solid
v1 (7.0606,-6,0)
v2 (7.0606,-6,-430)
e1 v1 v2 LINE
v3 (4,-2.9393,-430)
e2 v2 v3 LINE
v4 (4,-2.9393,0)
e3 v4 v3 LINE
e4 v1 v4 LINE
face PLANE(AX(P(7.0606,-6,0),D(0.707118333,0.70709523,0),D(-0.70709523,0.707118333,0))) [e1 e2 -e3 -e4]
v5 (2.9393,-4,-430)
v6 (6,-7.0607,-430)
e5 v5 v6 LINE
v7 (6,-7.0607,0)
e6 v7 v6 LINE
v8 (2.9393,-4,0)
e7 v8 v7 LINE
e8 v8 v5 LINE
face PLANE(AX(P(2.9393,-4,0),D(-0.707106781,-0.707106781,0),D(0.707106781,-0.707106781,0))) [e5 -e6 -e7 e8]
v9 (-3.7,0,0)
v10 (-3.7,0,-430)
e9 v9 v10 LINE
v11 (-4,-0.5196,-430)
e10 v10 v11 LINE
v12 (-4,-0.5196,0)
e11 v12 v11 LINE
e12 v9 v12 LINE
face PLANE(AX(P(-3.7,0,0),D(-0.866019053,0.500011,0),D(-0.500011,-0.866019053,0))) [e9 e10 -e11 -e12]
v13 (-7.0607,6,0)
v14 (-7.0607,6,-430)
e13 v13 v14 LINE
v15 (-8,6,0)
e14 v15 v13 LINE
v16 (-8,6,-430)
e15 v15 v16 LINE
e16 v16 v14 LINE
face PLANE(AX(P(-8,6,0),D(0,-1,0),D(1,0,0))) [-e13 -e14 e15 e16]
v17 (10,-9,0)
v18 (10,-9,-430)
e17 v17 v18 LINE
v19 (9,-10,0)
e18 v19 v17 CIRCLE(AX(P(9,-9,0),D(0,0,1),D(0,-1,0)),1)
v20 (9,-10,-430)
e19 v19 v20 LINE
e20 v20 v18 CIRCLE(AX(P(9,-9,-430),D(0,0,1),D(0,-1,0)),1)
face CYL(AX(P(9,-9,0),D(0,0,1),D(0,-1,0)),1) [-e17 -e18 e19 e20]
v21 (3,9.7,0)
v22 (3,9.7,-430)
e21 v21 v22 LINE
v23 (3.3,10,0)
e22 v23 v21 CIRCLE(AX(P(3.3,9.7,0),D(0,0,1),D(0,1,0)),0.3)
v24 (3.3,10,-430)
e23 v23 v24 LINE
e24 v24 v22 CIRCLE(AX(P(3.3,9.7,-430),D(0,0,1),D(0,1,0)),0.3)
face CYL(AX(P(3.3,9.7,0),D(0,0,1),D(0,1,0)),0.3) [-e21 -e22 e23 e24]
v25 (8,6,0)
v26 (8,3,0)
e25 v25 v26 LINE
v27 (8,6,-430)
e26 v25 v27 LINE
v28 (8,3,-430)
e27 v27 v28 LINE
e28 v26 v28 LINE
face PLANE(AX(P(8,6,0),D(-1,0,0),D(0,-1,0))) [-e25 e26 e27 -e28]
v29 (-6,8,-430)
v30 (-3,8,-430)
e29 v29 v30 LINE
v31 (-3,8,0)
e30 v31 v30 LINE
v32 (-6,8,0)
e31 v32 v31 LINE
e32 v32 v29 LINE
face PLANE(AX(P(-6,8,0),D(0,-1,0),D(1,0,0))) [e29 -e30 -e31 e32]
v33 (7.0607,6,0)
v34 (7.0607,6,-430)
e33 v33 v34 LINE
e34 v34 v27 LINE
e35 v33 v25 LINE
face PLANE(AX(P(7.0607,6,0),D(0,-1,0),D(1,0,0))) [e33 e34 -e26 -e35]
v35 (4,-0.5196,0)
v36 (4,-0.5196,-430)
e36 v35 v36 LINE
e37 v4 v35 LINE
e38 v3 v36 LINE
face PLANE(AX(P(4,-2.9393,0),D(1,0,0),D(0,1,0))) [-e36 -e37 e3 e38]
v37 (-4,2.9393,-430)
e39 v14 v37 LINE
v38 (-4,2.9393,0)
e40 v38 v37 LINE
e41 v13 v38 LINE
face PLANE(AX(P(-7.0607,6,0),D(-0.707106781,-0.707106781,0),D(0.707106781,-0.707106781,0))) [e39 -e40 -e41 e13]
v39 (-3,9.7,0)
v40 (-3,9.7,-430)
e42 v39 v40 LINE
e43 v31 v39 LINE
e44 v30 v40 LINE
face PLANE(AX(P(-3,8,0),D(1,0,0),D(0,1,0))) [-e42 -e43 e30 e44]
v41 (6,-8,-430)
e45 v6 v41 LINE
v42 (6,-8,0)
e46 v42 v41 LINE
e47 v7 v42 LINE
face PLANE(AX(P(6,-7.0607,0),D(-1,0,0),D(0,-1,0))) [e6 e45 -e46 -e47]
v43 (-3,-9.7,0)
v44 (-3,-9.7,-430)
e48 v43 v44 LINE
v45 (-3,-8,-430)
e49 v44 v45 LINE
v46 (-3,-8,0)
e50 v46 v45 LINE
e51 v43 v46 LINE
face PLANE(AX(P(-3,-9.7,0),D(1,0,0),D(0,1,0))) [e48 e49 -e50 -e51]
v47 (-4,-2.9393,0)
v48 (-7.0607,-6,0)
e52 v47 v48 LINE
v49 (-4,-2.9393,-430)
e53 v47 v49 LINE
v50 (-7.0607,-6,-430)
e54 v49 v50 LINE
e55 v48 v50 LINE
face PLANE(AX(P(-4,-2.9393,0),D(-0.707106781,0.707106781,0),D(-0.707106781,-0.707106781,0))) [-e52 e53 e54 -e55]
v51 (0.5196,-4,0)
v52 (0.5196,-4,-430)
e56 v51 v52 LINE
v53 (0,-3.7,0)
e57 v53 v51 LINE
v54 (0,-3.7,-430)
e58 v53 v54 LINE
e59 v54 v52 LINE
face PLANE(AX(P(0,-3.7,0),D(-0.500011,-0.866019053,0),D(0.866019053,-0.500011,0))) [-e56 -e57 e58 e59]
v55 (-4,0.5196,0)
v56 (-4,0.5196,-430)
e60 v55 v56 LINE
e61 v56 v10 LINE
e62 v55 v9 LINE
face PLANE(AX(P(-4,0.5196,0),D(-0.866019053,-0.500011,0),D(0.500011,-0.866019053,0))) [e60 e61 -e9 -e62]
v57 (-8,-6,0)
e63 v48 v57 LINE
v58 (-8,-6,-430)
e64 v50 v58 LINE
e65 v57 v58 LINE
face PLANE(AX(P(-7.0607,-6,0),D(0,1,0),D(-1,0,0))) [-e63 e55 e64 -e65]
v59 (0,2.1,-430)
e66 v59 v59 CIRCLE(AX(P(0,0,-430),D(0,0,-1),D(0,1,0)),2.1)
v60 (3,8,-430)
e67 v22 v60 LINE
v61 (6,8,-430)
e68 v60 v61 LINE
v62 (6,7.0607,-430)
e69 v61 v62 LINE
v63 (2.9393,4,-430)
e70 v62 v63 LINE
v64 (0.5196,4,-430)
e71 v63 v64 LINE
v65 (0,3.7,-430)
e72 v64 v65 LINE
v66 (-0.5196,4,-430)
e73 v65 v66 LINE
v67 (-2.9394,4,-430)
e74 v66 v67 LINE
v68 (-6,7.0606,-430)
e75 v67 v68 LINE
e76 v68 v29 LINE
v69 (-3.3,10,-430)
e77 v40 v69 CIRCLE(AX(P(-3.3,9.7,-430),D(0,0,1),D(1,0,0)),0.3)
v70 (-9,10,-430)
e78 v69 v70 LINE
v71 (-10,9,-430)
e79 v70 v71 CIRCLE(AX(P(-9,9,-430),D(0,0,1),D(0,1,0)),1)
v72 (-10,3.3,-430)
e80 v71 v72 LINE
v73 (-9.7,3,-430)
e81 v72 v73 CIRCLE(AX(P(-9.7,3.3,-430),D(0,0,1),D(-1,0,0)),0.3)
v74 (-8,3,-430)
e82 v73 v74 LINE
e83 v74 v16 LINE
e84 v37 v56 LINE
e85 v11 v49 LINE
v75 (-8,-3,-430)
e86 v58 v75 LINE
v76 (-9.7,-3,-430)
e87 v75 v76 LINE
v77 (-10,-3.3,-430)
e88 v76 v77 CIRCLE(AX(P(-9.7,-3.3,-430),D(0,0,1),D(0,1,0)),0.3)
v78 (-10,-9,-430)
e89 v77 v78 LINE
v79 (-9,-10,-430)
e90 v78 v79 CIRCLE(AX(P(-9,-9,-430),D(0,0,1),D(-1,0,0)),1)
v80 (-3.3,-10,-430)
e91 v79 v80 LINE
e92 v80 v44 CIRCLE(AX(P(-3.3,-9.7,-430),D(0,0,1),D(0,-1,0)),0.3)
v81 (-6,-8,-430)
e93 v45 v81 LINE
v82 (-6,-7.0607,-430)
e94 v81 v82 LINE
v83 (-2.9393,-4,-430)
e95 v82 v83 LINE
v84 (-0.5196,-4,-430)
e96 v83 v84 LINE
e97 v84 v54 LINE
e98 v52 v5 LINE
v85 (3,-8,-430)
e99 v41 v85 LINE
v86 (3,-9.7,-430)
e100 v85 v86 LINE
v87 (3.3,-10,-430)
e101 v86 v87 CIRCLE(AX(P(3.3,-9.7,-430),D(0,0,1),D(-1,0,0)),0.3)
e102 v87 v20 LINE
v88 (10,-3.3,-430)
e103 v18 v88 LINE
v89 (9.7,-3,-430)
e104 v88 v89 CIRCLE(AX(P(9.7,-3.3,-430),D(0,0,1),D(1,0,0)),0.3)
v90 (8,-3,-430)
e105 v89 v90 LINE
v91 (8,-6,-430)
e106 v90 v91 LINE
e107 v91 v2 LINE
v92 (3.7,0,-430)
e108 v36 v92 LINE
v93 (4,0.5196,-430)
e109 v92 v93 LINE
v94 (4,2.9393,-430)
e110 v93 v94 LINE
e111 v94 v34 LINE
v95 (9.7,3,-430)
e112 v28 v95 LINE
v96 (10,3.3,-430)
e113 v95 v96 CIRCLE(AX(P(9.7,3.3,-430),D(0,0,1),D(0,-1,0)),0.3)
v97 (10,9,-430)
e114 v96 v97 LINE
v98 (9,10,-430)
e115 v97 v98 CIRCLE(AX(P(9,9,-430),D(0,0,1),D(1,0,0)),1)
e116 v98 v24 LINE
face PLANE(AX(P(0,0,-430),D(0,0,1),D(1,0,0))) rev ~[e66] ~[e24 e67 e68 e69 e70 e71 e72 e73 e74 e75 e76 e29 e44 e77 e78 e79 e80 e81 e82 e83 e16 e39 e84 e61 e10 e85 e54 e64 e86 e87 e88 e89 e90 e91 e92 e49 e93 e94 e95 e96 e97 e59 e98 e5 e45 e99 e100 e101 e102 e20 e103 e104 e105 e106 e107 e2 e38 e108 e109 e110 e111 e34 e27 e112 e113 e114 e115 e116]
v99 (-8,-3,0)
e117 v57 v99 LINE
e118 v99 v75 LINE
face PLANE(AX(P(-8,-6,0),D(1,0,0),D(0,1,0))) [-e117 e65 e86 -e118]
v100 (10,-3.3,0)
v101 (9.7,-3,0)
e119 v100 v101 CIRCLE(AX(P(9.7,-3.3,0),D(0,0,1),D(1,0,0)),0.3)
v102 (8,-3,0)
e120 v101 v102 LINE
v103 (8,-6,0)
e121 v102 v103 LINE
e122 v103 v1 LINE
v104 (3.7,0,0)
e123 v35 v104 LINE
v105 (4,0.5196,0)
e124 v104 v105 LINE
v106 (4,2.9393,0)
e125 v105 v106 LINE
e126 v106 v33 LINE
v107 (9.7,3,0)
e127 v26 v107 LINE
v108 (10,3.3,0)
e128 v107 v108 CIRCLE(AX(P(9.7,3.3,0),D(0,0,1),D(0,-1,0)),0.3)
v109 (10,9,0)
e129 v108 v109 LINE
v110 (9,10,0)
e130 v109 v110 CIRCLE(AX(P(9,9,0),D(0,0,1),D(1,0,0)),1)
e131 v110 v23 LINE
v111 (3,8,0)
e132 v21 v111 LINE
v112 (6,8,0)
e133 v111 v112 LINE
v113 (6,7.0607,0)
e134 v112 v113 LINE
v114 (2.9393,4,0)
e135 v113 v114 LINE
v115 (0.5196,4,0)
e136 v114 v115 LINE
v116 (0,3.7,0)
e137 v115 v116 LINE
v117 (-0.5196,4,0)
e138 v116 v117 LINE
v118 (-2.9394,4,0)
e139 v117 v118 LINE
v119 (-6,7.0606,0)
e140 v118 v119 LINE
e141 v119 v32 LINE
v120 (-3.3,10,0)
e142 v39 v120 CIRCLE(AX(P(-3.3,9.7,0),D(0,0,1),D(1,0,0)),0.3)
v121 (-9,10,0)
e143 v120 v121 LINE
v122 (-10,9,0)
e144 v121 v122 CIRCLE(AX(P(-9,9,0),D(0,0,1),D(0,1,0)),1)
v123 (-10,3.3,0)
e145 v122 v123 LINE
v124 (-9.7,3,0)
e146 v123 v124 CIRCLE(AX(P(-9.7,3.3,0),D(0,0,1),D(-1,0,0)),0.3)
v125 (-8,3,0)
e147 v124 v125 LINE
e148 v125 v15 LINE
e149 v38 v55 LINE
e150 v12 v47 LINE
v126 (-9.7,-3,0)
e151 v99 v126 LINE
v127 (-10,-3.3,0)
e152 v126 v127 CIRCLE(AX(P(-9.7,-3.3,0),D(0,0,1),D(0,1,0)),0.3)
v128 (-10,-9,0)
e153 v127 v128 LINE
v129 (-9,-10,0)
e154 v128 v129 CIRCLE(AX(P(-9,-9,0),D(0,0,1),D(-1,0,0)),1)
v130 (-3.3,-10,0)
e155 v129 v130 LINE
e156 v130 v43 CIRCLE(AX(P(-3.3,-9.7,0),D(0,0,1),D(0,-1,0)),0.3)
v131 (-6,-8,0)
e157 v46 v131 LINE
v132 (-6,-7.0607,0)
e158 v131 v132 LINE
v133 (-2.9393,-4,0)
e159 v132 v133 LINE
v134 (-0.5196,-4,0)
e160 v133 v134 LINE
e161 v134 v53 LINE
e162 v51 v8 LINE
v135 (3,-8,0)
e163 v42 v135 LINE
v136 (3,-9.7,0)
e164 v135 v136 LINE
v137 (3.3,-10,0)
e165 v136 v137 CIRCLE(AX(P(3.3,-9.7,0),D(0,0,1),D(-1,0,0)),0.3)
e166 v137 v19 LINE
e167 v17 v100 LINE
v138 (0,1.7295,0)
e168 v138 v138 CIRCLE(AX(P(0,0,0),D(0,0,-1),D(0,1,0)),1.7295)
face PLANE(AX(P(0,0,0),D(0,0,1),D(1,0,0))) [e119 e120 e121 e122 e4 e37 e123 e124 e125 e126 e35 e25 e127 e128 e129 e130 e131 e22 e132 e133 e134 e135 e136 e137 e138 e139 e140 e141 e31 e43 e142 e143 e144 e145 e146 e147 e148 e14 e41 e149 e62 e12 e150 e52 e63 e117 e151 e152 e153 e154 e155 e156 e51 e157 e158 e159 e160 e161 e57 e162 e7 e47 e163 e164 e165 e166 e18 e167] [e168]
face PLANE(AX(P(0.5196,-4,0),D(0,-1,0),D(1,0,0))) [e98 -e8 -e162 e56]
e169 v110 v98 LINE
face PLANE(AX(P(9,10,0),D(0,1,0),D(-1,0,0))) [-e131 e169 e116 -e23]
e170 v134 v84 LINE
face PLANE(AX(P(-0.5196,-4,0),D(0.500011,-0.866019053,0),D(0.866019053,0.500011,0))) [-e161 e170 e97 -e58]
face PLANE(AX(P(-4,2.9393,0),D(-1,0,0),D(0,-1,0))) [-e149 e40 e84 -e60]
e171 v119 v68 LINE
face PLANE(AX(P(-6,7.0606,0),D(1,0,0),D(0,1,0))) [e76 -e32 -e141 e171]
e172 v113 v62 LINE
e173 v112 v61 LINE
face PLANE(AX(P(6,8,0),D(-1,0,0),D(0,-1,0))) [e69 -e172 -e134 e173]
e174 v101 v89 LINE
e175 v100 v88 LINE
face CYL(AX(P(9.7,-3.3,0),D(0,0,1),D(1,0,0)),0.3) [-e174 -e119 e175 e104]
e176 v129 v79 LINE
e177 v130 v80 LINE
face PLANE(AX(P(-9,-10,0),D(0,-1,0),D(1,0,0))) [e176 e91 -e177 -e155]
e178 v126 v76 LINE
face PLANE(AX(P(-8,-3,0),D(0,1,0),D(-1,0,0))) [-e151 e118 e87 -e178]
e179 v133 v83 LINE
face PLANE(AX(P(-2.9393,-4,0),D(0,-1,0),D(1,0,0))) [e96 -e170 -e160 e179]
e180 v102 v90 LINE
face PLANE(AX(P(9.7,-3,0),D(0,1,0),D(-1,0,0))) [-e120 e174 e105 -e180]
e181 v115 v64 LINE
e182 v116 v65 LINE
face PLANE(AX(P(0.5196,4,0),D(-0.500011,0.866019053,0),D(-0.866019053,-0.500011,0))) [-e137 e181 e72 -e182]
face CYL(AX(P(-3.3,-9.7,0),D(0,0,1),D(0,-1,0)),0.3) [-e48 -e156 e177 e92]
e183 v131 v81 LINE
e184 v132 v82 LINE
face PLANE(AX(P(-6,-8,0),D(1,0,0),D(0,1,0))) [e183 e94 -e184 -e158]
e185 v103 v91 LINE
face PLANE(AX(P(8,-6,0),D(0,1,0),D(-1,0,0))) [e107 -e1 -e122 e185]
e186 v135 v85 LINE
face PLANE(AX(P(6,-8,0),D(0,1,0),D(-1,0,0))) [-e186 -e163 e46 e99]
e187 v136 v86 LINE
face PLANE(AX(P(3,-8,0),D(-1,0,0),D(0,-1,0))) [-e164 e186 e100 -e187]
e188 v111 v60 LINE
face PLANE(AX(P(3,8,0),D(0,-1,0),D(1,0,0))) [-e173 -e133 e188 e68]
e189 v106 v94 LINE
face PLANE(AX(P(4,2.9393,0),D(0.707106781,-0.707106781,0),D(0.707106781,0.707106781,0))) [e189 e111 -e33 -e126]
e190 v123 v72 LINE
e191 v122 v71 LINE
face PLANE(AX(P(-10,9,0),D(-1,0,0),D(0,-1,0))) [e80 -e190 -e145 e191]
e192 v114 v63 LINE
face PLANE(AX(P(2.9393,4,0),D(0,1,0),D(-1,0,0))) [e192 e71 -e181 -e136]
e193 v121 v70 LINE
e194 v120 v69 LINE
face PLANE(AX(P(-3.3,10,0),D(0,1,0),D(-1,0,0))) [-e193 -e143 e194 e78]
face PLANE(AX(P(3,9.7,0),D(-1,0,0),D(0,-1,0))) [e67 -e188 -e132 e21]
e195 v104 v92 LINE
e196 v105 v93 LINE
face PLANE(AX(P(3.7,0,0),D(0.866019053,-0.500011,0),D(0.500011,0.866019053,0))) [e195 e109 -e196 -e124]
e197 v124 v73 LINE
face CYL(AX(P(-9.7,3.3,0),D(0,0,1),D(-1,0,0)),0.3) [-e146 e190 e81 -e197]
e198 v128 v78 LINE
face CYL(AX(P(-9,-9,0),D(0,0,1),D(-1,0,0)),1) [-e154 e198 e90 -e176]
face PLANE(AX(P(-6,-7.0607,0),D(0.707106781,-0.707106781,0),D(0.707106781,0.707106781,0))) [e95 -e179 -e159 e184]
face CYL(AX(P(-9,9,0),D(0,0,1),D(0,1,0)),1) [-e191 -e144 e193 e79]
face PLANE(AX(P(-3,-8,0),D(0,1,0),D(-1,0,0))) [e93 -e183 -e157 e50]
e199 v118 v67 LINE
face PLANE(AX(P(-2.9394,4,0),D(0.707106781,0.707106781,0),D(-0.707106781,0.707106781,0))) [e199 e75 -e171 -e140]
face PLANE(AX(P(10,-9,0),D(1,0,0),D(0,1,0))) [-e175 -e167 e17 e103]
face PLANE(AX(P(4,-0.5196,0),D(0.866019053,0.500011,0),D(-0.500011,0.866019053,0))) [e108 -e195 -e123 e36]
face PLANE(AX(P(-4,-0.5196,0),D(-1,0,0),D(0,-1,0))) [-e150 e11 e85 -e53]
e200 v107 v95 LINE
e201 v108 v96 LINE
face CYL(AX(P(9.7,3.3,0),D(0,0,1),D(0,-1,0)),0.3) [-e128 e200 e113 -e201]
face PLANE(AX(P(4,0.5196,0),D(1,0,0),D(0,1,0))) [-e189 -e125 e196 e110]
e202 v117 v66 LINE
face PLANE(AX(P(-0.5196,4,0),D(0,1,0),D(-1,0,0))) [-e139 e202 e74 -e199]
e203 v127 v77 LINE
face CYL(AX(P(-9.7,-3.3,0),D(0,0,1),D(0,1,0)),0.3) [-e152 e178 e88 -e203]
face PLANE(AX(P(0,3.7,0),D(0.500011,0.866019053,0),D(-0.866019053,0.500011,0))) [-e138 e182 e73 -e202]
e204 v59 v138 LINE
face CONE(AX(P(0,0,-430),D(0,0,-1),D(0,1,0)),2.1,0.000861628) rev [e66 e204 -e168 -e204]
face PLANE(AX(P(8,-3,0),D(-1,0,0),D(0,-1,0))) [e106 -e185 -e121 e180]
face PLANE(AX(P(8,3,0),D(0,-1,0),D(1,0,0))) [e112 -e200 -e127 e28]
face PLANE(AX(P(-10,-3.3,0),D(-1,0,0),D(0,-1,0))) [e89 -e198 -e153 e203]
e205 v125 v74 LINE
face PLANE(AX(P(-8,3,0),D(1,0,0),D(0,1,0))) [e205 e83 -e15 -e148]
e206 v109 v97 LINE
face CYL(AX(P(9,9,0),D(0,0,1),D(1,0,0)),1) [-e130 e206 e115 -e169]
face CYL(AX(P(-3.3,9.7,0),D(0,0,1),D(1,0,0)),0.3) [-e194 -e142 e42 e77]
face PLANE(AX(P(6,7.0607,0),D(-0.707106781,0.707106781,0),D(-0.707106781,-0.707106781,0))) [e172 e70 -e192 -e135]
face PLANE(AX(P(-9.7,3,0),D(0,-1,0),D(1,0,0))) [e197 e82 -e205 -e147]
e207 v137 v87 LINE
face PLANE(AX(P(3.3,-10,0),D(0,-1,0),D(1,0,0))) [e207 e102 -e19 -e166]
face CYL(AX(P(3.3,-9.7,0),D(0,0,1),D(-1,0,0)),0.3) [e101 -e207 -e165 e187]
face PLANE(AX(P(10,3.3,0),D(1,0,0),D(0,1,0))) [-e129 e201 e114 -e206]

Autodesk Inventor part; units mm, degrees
sketch "Sketch_1" plane through (0, 0, 0) normal (0, 0, 1) x (1, 0, 0)
  line L0 (-10, 9) -> (-10, 3.3)
  arc A0 (-10, 3.3) -> (-9.7, 3) centre (-9.7, 3.3) ccw
  line L1 (-9.7, 3) -> (-8, 3)
  line L2 (-8, 3) -> (-8, 6)
  line L3 (-8, 6) -> (-7.0607, 6)
  line L4 (-7.0607, 6) -> (-4, 2.9393)
  line L5 (-4, 2.9393) -> (-4, 0.5196)
  line L6 (-4, 0.5196) -> (-3.7, 0)
  line L7 (-3.7, 0) -> (-4, -0.5196)
  line L8 (-4, -0.5196) -> (-4, -2.9393)
  line L9 (-4, -2.9393) -> (-7.0607, -6)
  line L10 (-7.0607, -6) -> (-8, -6)
  line L11 (-8, -6) -> (-8, -3)
  line L12 (-8, -3) -> (-9.7, -3)
  arc A1 (-9.7, -3) -> (-10, -3.3) centre (-9.7, -3.3) ccw
  line L13 (-10, -3.3) -> (-10, -9)
  arc A2 (-10, -9) -> (-9, -10) centre (-9, -9) ccw
  line L14 (-9, -10) -> (-3.3, -10)
  arc A3 (-3.3, -10) -> (-3, -9.7) centre (-3.3, -9.7) ccw
  line L15 (-3, -9.7) -> (-3, -8)
  line L16 (-3, -8) -> (-6, -8)
  line L17 (-6, -8) -> (-6, -7.0607)
  line L18 (-6, -7.0607) -> (-2.9393, -4)
  line L19 (-2.9393, -4) -> (-0.5196, -4)
  line L20 (-0.5196, -4) -> (0, -3.7)
  line L21 (0, -3.7) -> (0.5196, -4)
  line L22 (0.5196, -4) -> (2.9393, -4)
  line L23 (2.9393, -4) -> (6, -7.0607)
  line L24 (6, -7.0607) -> (6, -8)
  line L25 (6, -8) -> (3, -8)
  line L26 (3, -8) -> (3, -9.7)
  arc A4 (3, -9.7) -> (3.3, -10) centre (3.3, -9.7) ccw
  line L27 (3.3, -10) -> (9, -10)
  arc A5 (9, -10) -> (10, -9) centre (9, -9) ccw
  line L28 (10, -9) -> (10, -3.3)
  arc A6 (10, -3.3) -> (9.7, -3) centre (9.7, -3.3) ccw
  line L29 (9.7, -3) -> (8, -3)
  line L30 (8, -3) -> (8, -6)
  line L31 (8, -6) -> (7.0606, -6)
  line L32 (7.0606, -6) -> (4, -2.9393)
  line L33 (4, -2.9393) -> (4, -0.5196)
  line L34 (4, -0.5196) -> (3.7, 0)
  line L35 (3.7, 0) -> (4, 0.5196)
  line L36 (4, 0.5196) -> (4, 2.9393)
  line L37 (4, 2.9393) -> (7.0607, 6)
  line L38 (7.0607, 6) -> (8, 6)
  line L39 (8, 6) -> (8, 3)
  line L40 (8, 3) -> (9.7, 3)
  arc A7 (9.7, 3) -> (10, 3.3) centre (9.7, 3.3) ccw
  line L41 (10, 3.3) -> (10, 9)
  arc A8 (10, 9) -> (9, 10) centre (9, 9) ccw
  line L42 (9, 10) -> (3.3, 10)
  arc A9 (3.3, 10) -> (3, 9.7) centre (3.3, 9.7) ccw
  line L43 (3, 9.7) -> (3, 8)
  line L44 (3, 8) -> (6, 8)
  line L45 (6, 8) -> (6, 7.0607)
  line L46 (6, 7.0607) -> (2.9393, 4)
  line L47 (2.9393, 4) -> (0.5196, 4)
  line L48 (0.5196, 4) -> (0, 3.7)
  line L49 (0, 3.7) -> (-0.5196, 4)
  line L50 (-0.5196, 4) -> (-2.9394, 4)
  line L51 (-2.9394, 4) -> (-6, 7.0606)
  line L52 (-6, 7.0606) -> (-6, 8)
  line L53 (-6, 8) -> (-3, 8)
  line L54 (-3, 8) -> (-3, 9.7)
  arc A10 (-3, 9.7) -> (-3.3, 10) centre (-3.3, 9.7) ccw
  line L55 (-3.3, 10) -> (-9, 10)
  arc A11 (-9, 10) -> (-10, 9) centre (-9, 9) ccw
extrude "Extrusion1" add sketch "Sketch_1" against normal blind 430
sketch "Sketch_2" plane through (0, 0, 0) normal (1, 0, 0) x (0, 0, -1)
  line L0 (430, -2.9393) -> (430, -0.5196) projected
  line L1 (0, 0.5196) -> (0, 2.9393) projected
  line L2 (0, 0) -> (0, 0.5196) projected
  line L3 (0, 0) -> (430, 0)
  line L4 (430, 0) -> (430, 2.1)
  line L5 (430, 0.5196) -> (430, 2.9393) projected
  line L6 (430, 2.1) -> (0, 1.7295)
  line L7 (0, 1.7295) -> (0, 0)
  dimension "d3" = 2.1
ref_plane "C1_XY" through (0, 0, 0) normal (0, 0, 1) x (1, 0, 0)
ref_plane "C1_YZ" through (0, 0, 0) normal (1, 0, 0) x (0, 1, 0)
ref_plane "C1_ZX" through (0, 0, 0) normal (0, 1, 0) x (0, 0, 1)
revolve "Revolution2" cut sketch "Sketch_2" angle 360 about axis through (0, 0, 0) along (0, 0, -1)
properties part number "FrameFrontBack" material "Aluminum 6061"
